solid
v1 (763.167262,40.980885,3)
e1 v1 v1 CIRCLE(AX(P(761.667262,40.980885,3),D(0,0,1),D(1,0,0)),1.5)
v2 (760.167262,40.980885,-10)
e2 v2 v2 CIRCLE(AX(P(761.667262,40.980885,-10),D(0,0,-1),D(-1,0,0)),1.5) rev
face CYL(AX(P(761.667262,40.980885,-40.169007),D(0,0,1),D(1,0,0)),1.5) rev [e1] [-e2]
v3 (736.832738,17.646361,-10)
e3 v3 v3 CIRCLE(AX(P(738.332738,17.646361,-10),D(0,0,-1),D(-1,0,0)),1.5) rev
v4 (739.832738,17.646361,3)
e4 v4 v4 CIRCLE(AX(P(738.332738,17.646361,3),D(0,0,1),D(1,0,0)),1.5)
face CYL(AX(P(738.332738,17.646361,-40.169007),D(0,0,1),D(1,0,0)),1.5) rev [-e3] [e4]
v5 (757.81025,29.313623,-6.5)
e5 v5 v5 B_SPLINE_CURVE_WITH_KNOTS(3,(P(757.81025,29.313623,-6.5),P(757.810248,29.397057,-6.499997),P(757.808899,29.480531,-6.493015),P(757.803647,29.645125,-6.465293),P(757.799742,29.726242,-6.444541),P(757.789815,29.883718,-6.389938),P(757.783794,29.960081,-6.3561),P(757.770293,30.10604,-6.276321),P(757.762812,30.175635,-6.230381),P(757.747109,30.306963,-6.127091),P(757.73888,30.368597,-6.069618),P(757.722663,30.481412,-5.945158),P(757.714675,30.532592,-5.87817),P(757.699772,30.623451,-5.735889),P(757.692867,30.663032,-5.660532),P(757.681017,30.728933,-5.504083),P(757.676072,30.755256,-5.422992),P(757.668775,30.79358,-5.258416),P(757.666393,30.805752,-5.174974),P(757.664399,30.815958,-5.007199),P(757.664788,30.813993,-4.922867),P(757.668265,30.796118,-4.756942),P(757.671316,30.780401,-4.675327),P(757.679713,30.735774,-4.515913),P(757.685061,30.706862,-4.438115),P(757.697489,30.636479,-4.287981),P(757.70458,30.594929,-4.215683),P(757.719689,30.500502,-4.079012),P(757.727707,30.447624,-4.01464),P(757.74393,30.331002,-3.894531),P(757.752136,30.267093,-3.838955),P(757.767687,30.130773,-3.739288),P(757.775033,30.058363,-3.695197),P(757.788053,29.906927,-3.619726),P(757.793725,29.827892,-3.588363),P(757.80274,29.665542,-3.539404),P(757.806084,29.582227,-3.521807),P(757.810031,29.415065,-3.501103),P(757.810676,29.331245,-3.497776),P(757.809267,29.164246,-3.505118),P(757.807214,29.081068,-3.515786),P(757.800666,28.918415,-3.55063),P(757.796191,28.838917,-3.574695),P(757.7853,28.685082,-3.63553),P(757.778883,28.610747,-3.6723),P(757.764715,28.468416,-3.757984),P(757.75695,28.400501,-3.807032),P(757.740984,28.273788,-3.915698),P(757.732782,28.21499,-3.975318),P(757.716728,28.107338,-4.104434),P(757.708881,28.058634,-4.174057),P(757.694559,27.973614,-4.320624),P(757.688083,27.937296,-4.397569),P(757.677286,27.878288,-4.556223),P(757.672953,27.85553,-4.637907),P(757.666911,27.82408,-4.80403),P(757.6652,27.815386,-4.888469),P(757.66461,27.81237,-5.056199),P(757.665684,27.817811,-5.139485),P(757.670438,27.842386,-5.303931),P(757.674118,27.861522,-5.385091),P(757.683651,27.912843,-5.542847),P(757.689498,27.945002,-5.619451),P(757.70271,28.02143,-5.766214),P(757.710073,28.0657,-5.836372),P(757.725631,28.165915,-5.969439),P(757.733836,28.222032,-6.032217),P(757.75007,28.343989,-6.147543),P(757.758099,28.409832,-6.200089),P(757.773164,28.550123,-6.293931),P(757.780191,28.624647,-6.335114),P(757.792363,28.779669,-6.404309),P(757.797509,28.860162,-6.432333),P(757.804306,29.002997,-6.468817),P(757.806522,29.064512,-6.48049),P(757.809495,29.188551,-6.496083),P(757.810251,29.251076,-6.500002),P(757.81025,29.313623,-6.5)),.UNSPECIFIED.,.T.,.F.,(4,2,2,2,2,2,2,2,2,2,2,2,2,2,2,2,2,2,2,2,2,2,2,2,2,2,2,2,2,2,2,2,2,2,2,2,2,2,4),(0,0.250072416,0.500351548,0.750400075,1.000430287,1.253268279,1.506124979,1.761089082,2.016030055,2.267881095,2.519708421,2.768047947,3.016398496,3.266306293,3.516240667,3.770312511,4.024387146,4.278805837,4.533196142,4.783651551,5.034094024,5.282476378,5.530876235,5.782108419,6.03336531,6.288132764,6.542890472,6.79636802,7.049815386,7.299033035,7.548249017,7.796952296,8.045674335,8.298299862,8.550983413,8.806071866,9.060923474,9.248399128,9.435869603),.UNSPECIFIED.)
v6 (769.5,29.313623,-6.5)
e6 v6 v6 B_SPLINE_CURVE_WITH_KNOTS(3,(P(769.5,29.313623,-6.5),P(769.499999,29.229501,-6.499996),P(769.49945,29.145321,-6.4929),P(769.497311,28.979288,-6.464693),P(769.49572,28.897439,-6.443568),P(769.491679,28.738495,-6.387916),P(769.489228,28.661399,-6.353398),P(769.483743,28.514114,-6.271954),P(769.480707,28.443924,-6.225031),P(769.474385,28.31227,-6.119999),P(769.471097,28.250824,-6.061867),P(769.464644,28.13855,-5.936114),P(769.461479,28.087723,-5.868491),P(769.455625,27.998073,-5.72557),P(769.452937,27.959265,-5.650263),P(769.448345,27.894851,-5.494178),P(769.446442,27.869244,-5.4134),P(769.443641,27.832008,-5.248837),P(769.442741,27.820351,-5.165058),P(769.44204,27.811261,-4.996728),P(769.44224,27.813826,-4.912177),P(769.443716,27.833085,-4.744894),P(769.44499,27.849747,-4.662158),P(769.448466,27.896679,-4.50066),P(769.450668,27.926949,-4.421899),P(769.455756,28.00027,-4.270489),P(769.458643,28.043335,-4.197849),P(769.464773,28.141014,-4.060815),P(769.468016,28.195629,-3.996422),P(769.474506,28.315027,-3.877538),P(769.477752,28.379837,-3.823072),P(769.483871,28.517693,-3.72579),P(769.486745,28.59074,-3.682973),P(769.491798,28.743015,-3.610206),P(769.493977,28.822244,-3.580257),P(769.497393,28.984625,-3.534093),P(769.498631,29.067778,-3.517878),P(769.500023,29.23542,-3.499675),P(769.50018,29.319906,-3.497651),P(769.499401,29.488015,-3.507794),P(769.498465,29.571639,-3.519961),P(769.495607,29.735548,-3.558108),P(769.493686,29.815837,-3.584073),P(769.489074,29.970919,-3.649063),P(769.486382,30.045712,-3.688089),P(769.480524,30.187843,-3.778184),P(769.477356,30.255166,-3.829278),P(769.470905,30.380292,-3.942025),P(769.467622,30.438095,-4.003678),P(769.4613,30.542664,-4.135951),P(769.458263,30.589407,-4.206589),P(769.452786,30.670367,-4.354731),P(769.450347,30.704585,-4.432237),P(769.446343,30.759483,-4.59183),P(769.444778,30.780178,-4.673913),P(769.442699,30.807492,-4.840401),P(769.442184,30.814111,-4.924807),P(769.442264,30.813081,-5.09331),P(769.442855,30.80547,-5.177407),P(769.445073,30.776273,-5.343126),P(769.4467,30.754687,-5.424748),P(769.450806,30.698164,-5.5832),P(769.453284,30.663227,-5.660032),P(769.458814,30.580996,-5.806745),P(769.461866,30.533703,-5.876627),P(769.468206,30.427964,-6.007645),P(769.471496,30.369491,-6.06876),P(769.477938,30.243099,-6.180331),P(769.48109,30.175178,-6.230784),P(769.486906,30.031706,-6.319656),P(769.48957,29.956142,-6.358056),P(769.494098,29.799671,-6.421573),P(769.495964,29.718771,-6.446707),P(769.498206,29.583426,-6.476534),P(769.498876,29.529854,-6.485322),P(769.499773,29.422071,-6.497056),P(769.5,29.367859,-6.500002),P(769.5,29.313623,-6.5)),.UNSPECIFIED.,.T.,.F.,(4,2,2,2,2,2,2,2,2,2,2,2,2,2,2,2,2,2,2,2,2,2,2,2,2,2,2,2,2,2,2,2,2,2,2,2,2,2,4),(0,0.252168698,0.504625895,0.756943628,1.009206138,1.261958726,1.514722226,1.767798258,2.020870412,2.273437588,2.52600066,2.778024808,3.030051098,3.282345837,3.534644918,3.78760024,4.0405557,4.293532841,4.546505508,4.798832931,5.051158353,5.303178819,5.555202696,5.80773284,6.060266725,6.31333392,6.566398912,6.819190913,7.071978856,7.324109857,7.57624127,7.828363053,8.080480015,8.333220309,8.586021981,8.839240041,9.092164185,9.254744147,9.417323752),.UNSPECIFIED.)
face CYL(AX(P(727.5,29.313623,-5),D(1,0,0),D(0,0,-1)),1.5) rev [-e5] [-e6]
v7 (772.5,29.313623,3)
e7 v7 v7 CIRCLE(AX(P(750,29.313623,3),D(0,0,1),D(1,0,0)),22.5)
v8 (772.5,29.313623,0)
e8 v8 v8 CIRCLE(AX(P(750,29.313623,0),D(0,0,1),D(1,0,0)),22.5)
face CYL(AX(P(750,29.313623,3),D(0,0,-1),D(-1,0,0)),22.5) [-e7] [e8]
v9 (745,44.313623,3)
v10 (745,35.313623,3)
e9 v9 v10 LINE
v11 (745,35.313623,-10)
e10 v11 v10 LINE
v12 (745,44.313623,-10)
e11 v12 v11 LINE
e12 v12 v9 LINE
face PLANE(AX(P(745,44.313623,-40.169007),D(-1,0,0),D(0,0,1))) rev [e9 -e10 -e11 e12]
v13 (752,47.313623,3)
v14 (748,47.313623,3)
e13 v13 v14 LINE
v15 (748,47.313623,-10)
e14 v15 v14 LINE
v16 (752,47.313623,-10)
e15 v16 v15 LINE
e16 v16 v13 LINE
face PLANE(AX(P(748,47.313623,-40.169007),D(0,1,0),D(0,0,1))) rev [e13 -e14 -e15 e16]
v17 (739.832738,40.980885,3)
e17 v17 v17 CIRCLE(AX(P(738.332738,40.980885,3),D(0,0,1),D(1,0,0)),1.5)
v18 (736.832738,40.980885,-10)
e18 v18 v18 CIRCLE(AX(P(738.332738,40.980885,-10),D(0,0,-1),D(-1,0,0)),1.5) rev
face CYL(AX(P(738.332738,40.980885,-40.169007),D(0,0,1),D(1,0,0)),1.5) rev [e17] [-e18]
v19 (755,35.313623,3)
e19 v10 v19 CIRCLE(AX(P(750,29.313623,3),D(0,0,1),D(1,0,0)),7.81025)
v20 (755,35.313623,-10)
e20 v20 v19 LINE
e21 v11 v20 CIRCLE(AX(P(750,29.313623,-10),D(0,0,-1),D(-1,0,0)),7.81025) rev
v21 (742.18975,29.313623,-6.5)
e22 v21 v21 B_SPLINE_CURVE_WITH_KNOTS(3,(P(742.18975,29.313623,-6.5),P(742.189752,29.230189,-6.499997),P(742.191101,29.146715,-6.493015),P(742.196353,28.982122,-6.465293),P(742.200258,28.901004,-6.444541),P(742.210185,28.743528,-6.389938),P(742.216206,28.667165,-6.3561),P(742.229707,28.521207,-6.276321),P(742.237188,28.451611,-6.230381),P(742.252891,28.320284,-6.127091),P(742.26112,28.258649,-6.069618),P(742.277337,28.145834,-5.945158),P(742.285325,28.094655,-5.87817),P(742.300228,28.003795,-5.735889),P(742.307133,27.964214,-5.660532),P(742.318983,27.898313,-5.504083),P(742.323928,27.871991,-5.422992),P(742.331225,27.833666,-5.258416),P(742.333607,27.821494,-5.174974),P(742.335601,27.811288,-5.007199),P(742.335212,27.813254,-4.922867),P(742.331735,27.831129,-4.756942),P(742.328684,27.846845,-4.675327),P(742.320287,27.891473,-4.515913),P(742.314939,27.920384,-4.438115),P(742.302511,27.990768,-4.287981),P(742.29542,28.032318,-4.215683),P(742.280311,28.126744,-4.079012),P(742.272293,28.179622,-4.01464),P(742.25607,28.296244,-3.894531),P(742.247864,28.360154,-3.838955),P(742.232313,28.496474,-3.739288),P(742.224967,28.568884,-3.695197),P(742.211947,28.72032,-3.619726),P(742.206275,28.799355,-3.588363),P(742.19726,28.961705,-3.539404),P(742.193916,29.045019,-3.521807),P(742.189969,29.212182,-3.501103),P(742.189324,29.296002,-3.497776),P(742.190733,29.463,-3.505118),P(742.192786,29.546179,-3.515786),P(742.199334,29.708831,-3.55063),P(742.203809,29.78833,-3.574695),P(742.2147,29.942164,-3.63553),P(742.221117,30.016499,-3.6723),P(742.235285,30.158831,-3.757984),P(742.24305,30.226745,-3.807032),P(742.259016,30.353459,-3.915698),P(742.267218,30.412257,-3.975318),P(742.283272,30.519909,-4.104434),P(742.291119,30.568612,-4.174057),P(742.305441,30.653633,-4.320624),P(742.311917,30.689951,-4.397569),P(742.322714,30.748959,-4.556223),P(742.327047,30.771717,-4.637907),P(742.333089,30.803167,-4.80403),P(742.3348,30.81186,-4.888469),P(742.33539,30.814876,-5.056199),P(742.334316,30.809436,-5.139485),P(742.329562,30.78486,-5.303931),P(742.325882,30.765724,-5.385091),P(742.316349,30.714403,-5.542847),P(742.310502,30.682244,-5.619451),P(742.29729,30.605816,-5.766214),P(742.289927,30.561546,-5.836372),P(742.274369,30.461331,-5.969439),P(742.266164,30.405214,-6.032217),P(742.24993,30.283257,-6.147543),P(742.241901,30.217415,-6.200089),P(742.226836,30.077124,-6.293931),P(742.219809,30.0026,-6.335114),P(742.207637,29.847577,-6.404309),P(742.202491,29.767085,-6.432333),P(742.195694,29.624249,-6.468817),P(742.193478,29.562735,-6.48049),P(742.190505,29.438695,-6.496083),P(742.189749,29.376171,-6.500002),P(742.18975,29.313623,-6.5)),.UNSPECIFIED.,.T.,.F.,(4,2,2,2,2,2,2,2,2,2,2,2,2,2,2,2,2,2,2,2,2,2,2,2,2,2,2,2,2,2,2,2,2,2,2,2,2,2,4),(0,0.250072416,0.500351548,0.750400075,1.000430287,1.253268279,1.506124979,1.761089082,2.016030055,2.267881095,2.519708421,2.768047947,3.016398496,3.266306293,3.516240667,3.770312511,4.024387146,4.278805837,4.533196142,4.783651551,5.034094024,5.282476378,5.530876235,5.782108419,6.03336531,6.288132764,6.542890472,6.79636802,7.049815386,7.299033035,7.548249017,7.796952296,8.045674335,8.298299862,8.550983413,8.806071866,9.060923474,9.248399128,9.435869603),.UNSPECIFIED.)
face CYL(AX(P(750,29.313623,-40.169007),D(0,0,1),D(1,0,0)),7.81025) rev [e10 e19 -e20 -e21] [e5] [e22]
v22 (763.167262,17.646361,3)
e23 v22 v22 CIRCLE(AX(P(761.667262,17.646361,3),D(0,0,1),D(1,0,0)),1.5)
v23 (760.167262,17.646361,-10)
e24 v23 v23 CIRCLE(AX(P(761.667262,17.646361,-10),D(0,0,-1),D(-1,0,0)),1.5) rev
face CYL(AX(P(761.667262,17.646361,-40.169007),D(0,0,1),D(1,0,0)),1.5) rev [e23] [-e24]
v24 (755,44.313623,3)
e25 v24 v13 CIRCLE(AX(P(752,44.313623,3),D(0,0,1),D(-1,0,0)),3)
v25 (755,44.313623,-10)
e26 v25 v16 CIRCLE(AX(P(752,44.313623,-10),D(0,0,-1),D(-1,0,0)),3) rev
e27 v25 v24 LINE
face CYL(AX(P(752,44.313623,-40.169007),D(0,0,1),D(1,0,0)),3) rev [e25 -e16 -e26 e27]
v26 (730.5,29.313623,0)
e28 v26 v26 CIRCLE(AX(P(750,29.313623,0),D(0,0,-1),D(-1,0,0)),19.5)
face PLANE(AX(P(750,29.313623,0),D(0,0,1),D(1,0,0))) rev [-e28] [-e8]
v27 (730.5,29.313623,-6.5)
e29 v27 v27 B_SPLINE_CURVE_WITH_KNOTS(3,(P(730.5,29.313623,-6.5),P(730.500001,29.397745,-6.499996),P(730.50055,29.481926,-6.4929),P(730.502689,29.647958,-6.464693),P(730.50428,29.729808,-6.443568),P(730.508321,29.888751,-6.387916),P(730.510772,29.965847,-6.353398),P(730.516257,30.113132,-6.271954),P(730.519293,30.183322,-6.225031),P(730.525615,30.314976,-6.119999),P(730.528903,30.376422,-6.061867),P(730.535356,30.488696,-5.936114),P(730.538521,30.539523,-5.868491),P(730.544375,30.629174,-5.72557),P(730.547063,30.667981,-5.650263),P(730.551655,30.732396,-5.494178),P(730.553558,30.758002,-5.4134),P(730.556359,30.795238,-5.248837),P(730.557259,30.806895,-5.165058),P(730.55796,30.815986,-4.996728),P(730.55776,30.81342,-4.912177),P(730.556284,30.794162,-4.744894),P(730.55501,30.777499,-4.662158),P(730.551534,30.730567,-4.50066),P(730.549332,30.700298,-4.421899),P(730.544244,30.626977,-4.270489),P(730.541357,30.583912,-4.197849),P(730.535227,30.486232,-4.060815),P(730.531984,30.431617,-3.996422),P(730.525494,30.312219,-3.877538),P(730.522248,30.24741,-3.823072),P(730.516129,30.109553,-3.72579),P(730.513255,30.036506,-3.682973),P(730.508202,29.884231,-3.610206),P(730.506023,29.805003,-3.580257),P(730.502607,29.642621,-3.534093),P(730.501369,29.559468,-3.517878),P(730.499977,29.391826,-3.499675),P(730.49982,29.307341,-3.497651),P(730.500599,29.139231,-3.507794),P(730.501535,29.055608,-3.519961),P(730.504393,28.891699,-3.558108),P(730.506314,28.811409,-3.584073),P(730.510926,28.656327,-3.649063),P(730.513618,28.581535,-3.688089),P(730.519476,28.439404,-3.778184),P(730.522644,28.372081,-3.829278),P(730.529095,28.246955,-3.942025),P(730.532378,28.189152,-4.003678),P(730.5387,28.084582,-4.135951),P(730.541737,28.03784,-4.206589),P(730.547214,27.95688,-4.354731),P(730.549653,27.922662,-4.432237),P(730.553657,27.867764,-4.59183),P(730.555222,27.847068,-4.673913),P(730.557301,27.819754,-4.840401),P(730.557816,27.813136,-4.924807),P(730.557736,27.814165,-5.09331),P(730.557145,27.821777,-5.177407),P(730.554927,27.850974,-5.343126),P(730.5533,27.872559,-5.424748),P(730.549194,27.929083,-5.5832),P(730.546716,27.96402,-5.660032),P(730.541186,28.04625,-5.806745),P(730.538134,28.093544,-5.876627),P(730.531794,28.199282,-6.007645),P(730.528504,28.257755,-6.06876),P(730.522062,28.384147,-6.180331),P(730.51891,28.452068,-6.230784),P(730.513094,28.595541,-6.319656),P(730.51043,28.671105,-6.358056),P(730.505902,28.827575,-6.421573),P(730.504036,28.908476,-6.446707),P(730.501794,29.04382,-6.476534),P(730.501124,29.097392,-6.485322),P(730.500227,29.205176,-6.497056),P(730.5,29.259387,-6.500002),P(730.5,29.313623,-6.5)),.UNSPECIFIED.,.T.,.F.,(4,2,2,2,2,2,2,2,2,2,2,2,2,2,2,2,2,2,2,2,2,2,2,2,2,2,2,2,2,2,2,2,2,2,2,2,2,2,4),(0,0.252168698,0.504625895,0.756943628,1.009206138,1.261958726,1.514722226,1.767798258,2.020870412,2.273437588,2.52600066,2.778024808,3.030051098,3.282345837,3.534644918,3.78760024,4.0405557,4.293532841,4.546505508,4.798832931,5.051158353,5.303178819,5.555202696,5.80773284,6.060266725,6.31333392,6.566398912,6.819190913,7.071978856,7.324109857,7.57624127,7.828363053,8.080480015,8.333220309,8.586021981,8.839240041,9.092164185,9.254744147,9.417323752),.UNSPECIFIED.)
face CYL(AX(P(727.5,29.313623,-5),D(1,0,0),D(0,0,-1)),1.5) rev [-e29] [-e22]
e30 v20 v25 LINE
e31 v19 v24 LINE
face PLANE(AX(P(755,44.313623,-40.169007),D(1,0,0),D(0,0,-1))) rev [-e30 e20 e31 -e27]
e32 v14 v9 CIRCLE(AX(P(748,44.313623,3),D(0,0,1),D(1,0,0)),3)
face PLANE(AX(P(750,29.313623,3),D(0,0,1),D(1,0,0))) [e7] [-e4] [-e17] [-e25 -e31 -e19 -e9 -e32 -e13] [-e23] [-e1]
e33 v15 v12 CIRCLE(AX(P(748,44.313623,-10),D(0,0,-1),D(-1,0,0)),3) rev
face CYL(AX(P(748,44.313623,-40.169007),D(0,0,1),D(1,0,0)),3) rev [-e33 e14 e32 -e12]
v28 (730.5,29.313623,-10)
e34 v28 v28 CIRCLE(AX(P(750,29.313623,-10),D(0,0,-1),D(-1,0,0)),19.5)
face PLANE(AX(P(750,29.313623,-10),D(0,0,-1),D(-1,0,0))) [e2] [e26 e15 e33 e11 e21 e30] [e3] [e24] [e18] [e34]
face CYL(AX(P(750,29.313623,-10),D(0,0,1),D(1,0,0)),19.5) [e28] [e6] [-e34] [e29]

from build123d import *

# Parameters (mm, degrees)
SKETCH1_R               = 22.5
BOSS_EXTRUDE1_DEPTH     = 3
SKETCH2_R               = 19.5
BOSS_EXTRUDE2_DEPTH     = 10
SKETCH3_R               = 1.5
CUT_EXTRUDE1_DEPTH      = 13
CUT_EXTRUDE2_DEPTH      = 60.505474974
CUT_EXTRUDE2_DEPTH_BACK = 60.505474974
SKETCH4_R               = 1.5


with BuildPart() as part:
    # Sketch1 → Boss-Extrude1 (new body)
    with BuildSketch(Plane.XY):
        with Locations((750, 29.313623227)):
            Circle(SKETCH1_R)
    extrude(amount=BOSS_EXTRUDE1_DEPTH)

    # Sketch2 → Boss-Extrude2 (add)
    with BuildSketch(Plane(origin=(0, 0, 0), x_dir=(-1, 0, 0), z_dir=(0, 0, -1))):
        with Locations((-750, 29.313623227)):
            Circle(SKETCH2_R)
    extrude(amount=BOSS_EXTRUDE2_DEPTH)

    # Sketch3 → Cut-Extrude1 (cut)
    with BuildSketch(Plane.XY.offset(3)):
        with Locations((761.66726189, 17.646361337)):
            Circle(SKETCH3_R)
        with Locations((738.33273811, 17.646361337)):
            Circle(SKETCH3_R)
        with Locations((738.33273811, 40.980885116)):
            Circle(SKETCH3_R)
        with Locations((761.66726189, 40.980885116)):
            Circle(SKETCH3_R)
        with BuildLine():
            Line((748, 47.313623227), (752, 47.313623227))
            ThreePointArc((752, 47.313623227), (754.121320344, 46.43494357), (755, 44.313623227))
            Line((755, 44.313623227), (755, 35.313623227))
            ThreePointArc((755, 35.313623227), (750, 21.503373551), (745, 35.313623227))
            Line((745, 35.313623227), (745, 44.313623227))
            ThreePointArc((745, 44.313623227), (745.878679656, 46.43494357), (748, 47.313623227))
        make_face()
    extrude(amount=-CUT_EXTRUDE1_DEPTH, mode=Mode.SUBTRACT)

    # Sketch4 → Cut-Extrude2 (cut, two sides: drawn at the far end of the back side and taken through both)
    with BuildSketch(Plane(origin=(745, 0, 0), x_dir=(0, 0, -1), z_dir=(1, 0, 0)).offset(-CUT_EXTRUDE2_DEPTH_BACK)):
        with Locations((5, 29.313623227)):
            Circle(SKETCH4_R)
    extrude(amount=CUT_EXTRUDE2_DEPTH + CUT_EXTRUDE2_DEPTH_BACK, mode=Mode.SUBTRACT)


solid = part.part
